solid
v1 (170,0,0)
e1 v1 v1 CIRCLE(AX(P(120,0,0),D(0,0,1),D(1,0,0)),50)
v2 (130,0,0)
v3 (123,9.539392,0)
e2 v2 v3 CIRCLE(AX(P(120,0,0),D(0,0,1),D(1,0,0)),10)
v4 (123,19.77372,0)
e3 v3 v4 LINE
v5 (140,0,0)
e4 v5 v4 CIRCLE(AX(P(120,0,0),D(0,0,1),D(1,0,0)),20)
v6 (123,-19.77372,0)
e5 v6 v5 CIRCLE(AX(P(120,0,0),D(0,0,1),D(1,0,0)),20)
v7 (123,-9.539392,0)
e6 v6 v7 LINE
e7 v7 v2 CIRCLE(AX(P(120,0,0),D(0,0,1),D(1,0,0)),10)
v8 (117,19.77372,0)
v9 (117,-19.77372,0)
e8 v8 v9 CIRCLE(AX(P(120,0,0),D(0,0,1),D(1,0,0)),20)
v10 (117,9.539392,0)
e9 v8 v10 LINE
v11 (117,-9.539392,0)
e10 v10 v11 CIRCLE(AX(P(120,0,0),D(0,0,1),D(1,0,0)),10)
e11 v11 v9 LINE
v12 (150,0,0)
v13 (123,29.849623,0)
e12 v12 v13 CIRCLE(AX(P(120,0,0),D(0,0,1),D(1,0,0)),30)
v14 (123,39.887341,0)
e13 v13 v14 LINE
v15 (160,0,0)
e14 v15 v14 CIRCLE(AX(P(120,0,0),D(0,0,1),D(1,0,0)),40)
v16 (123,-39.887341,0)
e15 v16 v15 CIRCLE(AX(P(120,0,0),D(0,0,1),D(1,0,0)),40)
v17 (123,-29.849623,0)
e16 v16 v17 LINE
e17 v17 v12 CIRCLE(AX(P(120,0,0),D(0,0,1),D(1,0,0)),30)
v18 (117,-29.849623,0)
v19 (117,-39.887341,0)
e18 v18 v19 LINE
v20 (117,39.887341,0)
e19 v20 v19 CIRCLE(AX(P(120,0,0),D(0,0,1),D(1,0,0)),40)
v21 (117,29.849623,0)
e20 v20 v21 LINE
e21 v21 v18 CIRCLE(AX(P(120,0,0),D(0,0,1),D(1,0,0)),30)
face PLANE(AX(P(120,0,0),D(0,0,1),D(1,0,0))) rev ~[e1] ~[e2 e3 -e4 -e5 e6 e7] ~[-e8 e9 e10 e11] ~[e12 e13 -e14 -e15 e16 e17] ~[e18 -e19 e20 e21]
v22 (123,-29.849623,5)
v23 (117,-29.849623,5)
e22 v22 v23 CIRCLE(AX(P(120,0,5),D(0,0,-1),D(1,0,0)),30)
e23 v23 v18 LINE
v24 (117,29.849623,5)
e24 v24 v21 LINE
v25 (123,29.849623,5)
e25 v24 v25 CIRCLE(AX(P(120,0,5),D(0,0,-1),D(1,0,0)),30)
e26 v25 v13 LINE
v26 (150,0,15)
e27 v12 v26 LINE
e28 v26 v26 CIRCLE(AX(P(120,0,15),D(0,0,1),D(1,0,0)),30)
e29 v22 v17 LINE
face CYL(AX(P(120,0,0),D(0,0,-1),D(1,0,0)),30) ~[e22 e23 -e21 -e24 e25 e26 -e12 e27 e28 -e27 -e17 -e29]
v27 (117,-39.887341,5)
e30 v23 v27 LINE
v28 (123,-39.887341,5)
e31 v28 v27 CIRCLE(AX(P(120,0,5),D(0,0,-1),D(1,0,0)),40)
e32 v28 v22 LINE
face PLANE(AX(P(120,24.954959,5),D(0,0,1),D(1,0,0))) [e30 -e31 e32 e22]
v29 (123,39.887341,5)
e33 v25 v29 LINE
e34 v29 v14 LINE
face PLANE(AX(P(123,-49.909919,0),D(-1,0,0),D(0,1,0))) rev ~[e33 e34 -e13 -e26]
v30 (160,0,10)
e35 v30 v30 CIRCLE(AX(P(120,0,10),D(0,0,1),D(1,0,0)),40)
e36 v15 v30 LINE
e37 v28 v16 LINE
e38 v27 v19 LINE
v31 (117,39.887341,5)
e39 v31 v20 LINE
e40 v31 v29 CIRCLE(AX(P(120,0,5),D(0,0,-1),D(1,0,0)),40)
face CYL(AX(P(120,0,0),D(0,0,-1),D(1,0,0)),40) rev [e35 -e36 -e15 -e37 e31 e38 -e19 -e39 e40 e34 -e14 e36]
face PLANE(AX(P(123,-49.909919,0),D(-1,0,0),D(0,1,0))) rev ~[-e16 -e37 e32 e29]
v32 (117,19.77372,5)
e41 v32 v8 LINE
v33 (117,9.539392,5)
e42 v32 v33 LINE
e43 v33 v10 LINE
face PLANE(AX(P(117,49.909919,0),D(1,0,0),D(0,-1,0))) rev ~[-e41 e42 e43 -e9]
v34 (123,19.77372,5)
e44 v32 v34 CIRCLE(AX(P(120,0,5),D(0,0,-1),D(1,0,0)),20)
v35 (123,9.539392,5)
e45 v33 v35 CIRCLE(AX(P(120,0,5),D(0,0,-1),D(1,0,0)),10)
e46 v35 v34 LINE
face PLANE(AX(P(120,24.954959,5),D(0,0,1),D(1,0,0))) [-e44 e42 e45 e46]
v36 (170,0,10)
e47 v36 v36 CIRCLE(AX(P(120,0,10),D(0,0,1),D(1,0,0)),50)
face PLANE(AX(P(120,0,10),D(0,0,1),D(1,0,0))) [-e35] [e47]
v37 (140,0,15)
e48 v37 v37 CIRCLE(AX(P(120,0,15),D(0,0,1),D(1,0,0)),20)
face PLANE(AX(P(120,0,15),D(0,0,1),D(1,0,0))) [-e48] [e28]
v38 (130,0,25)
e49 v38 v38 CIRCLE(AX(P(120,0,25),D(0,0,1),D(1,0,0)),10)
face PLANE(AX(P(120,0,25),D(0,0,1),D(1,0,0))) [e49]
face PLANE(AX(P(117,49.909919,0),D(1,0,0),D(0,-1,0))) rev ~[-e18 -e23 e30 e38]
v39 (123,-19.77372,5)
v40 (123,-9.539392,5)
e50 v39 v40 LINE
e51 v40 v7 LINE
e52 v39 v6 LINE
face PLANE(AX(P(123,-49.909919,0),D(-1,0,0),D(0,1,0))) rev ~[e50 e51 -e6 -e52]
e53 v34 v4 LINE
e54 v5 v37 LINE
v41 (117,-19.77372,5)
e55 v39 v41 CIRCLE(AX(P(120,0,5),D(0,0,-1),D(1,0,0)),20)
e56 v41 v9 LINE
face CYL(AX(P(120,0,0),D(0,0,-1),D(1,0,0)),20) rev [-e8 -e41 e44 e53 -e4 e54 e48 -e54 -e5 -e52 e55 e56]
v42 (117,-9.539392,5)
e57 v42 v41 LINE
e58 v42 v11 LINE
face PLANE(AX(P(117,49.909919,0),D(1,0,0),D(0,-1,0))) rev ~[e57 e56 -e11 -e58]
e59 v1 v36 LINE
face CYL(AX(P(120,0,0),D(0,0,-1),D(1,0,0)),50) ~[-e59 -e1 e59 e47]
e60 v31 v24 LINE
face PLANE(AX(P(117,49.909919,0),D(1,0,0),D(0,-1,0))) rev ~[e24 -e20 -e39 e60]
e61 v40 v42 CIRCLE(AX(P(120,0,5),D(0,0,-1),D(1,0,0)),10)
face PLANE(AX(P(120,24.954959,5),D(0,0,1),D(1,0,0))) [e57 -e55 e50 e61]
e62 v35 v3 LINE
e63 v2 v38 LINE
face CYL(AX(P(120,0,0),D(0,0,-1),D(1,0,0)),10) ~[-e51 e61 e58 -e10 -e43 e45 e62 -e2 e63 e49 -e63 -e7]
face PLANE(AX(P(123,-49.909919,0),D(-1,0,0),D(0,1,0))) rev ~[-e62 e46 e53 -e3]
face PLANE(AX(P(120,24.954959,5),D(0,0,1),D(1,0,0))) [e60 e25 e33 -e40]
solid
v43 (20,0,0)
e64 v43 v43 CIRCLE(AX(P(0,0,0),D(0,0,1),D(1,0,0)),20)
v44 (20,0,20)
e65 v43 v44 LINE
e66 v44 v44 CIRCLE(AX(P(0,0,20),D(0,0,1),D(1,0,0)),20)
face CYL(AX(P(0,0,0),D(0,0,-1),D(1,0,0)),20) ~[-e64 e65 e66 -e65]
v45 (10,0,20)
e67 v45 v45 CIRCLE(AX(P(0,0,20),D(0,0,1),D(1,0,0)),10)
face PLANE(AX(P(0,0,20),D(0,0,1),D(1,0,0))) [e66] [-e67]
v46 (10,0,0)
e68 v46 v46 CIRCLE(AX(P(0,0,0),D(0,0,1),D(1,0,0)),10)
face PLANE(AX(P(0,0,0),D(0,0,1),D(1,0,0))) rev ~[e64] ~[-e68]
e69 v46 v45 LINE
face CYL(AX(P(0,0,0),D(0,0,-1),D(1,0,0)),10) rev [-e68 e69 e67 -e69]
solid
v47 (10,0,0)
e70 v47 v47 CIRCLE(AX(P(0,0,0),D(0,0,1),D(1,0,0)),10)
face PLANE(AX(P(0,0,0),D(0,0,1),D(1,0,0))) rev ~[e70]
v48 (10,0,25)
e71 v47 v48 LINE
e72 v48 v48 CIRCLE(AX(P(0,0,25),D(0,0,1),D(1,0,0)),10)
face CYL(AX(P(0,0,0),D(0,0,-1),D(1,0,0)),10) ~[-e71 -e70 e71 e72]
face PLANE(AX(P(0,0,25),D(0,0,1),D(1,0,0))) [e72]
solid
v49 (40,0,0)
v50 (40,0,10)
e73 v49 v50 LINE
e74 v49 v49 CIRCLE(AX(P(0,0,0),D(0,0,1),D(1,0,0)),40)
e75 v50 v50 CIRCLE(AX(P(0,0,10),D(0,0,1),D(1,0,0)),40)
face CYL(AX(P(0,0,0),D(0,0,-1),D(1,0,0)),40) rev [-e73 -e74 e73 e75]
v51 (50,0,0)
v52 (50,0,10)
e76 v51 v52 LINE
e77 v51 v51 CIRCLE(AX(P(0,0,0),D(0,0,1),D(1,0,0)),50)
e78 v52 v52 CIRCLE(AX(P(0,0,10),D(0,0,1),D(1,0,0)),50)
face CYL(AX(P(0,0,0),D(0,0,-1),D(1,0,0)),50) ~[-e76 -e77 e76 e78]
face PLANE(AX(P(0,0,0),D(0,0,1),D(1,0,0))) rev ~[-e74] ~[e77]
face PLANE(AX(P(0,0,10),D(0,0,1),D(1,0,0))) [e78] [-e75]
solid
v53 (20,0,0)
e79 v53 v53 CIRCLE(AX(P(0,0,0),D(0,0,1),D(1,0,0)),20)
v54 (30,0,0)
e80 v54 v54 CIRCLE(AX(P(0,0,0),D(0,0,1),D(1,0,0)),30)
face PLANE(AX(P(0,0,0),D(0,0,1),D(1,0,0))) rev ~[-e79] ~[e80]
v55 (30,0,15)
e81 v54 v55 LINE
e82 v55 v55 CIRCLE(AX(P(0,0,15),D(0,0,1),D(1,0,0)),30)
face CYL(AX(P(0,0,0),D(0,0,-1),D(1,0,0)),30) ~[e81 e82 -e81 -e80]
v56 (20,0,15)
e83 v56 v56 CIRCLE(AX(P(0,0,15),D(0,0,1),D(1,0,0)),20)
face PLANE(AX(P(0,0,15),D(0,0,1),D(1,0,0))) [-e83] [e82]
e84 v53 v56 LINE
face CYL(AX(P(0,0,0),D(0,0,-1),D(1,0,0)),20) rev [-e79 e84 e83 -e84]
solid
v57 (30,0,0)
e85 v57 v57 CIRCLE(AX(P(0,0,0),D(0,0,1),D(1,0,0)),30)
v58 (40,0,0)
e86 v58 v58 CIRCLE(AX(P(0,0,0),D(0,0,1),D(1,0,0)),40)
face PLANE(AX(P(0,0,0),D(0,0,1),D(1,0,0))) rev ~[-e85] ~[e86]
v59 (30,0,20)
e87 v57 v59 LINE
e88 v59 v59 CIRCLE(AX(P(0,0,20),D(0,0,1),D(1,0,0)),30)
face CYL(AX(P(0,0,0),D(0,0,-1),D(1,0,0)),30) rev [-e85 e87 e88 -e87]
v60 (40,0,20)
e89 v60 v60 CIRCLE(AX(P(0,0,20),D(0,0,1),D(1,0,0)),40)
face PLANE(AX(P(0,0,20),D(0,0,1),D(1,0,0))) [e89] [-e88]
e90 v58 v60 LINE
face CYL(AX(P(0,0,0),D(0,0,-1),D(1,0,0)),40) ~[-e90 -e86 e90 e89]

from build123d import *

# Parameters (mm, degrees)
F0_R      = 50
F0_R_2    = 40
F2_DEPTH  = 10
F0_R_3    = 30
F0_R_4    = 20
F3_DEPTH  = 15
F0_R_5    = 10
F4_DEPTH  = 25
F1_R      = 50
F1_R_2    = 40
F5_DEPTH  = 10
F1_R_3    = 30
F1_R_4    = 20
F6_DEPTH  = 15
F1_R_5    = 10
F7_DEPTH  = 25
F8_W      = 6
F8_H      = 49.909919
F9_DEPTH  = 5
F10_DEPTH = 20


with BuildPart() as f2:
    # F0 (on Top) → F2 (new body)
    with BuildSketch(Plane.XY):
        Circle(F0_R)
        Circle(F0_R_2, mode=Mode.SUBTRACT)
    extrude(amount=F2_DEPTH)


with BuildPart() as f3:
    # F0 (on Top) → F3 (new body)
    with BuildSketch(Plane.XY):
        Circle(F0_R_3)
        Circle(F0_R_4, mode=Mode.SUBTRACT)
    extrude(amount=F3_DEPTH)


with BuildPart() as f4:
    # F0 (on Top) → F4 (new body)
    with BuildSketch(Plane.XY):
        Circle(F0_R_5)
    extrude(amount=F4_DEPTH)


with BuildPart() as f5:
    # F1 (on Top) → F5 (new body)
    with BuildSketch(Plane.XY):
        with Locations((120, 0)):
            Circle(F1_R)
        with Locations((120, 0)):
            Circle(F1_R_2, mode=Mode.SUBTRACT)
    extrude(amount=F5_DEPTH)



with BuildPart() as f6:
    # F1 (on Top) → F6 (new body)
    with BuildSketch(Plane.XY):
        with Locations((120, 0)):
            Circle(F1_R_3)
        with Locations((120, 0)):
            Circle(F1_R_4, mode=Mode.SUBTRACT)
    extrude(amount=F6_DEPTH)


with BuildPart() as f7:
    # F1 (on Top) → F7 (new body)
    with BuildSketch(Plane.XY):
        with Locations((120, 0)):
            Circle(F1_R_5)
    extrude(amount=F7_DEPTH)


with BuildPart() as f5_1:
    add(f5.part)

    add(f6.part)  # F9 merges F6

    add(f7.part)  # F9 merges F7
    # F8 (on Top) → F9 (join)
    with BuildSketch(Plane.XY):
        with Locations((120, 24.954959)):
            Rectangle(F8_W, F8_H)
        with Locations((120, -24.954959)):
            Rectangle(F8_W, F8_H)
    extrude(amount=F9_DEPTH)


with BuildPart() as f10:
    # F0 (on Top) → F10 (new body)
    with BuildSketch(Plane.XY):
        Circle(F0_R_2)
        Circle(F0_R_3, mode=Mode.SUBTRACT)
        Circle(F0_R_4)
        Circle(F0_R_5, mode=Mode.SUBTRACT)
    extrude(amount=F10_DEPTH)


solid = Compound([f2.part, f3.part, f4.part, f5_1.part, f10.part])
